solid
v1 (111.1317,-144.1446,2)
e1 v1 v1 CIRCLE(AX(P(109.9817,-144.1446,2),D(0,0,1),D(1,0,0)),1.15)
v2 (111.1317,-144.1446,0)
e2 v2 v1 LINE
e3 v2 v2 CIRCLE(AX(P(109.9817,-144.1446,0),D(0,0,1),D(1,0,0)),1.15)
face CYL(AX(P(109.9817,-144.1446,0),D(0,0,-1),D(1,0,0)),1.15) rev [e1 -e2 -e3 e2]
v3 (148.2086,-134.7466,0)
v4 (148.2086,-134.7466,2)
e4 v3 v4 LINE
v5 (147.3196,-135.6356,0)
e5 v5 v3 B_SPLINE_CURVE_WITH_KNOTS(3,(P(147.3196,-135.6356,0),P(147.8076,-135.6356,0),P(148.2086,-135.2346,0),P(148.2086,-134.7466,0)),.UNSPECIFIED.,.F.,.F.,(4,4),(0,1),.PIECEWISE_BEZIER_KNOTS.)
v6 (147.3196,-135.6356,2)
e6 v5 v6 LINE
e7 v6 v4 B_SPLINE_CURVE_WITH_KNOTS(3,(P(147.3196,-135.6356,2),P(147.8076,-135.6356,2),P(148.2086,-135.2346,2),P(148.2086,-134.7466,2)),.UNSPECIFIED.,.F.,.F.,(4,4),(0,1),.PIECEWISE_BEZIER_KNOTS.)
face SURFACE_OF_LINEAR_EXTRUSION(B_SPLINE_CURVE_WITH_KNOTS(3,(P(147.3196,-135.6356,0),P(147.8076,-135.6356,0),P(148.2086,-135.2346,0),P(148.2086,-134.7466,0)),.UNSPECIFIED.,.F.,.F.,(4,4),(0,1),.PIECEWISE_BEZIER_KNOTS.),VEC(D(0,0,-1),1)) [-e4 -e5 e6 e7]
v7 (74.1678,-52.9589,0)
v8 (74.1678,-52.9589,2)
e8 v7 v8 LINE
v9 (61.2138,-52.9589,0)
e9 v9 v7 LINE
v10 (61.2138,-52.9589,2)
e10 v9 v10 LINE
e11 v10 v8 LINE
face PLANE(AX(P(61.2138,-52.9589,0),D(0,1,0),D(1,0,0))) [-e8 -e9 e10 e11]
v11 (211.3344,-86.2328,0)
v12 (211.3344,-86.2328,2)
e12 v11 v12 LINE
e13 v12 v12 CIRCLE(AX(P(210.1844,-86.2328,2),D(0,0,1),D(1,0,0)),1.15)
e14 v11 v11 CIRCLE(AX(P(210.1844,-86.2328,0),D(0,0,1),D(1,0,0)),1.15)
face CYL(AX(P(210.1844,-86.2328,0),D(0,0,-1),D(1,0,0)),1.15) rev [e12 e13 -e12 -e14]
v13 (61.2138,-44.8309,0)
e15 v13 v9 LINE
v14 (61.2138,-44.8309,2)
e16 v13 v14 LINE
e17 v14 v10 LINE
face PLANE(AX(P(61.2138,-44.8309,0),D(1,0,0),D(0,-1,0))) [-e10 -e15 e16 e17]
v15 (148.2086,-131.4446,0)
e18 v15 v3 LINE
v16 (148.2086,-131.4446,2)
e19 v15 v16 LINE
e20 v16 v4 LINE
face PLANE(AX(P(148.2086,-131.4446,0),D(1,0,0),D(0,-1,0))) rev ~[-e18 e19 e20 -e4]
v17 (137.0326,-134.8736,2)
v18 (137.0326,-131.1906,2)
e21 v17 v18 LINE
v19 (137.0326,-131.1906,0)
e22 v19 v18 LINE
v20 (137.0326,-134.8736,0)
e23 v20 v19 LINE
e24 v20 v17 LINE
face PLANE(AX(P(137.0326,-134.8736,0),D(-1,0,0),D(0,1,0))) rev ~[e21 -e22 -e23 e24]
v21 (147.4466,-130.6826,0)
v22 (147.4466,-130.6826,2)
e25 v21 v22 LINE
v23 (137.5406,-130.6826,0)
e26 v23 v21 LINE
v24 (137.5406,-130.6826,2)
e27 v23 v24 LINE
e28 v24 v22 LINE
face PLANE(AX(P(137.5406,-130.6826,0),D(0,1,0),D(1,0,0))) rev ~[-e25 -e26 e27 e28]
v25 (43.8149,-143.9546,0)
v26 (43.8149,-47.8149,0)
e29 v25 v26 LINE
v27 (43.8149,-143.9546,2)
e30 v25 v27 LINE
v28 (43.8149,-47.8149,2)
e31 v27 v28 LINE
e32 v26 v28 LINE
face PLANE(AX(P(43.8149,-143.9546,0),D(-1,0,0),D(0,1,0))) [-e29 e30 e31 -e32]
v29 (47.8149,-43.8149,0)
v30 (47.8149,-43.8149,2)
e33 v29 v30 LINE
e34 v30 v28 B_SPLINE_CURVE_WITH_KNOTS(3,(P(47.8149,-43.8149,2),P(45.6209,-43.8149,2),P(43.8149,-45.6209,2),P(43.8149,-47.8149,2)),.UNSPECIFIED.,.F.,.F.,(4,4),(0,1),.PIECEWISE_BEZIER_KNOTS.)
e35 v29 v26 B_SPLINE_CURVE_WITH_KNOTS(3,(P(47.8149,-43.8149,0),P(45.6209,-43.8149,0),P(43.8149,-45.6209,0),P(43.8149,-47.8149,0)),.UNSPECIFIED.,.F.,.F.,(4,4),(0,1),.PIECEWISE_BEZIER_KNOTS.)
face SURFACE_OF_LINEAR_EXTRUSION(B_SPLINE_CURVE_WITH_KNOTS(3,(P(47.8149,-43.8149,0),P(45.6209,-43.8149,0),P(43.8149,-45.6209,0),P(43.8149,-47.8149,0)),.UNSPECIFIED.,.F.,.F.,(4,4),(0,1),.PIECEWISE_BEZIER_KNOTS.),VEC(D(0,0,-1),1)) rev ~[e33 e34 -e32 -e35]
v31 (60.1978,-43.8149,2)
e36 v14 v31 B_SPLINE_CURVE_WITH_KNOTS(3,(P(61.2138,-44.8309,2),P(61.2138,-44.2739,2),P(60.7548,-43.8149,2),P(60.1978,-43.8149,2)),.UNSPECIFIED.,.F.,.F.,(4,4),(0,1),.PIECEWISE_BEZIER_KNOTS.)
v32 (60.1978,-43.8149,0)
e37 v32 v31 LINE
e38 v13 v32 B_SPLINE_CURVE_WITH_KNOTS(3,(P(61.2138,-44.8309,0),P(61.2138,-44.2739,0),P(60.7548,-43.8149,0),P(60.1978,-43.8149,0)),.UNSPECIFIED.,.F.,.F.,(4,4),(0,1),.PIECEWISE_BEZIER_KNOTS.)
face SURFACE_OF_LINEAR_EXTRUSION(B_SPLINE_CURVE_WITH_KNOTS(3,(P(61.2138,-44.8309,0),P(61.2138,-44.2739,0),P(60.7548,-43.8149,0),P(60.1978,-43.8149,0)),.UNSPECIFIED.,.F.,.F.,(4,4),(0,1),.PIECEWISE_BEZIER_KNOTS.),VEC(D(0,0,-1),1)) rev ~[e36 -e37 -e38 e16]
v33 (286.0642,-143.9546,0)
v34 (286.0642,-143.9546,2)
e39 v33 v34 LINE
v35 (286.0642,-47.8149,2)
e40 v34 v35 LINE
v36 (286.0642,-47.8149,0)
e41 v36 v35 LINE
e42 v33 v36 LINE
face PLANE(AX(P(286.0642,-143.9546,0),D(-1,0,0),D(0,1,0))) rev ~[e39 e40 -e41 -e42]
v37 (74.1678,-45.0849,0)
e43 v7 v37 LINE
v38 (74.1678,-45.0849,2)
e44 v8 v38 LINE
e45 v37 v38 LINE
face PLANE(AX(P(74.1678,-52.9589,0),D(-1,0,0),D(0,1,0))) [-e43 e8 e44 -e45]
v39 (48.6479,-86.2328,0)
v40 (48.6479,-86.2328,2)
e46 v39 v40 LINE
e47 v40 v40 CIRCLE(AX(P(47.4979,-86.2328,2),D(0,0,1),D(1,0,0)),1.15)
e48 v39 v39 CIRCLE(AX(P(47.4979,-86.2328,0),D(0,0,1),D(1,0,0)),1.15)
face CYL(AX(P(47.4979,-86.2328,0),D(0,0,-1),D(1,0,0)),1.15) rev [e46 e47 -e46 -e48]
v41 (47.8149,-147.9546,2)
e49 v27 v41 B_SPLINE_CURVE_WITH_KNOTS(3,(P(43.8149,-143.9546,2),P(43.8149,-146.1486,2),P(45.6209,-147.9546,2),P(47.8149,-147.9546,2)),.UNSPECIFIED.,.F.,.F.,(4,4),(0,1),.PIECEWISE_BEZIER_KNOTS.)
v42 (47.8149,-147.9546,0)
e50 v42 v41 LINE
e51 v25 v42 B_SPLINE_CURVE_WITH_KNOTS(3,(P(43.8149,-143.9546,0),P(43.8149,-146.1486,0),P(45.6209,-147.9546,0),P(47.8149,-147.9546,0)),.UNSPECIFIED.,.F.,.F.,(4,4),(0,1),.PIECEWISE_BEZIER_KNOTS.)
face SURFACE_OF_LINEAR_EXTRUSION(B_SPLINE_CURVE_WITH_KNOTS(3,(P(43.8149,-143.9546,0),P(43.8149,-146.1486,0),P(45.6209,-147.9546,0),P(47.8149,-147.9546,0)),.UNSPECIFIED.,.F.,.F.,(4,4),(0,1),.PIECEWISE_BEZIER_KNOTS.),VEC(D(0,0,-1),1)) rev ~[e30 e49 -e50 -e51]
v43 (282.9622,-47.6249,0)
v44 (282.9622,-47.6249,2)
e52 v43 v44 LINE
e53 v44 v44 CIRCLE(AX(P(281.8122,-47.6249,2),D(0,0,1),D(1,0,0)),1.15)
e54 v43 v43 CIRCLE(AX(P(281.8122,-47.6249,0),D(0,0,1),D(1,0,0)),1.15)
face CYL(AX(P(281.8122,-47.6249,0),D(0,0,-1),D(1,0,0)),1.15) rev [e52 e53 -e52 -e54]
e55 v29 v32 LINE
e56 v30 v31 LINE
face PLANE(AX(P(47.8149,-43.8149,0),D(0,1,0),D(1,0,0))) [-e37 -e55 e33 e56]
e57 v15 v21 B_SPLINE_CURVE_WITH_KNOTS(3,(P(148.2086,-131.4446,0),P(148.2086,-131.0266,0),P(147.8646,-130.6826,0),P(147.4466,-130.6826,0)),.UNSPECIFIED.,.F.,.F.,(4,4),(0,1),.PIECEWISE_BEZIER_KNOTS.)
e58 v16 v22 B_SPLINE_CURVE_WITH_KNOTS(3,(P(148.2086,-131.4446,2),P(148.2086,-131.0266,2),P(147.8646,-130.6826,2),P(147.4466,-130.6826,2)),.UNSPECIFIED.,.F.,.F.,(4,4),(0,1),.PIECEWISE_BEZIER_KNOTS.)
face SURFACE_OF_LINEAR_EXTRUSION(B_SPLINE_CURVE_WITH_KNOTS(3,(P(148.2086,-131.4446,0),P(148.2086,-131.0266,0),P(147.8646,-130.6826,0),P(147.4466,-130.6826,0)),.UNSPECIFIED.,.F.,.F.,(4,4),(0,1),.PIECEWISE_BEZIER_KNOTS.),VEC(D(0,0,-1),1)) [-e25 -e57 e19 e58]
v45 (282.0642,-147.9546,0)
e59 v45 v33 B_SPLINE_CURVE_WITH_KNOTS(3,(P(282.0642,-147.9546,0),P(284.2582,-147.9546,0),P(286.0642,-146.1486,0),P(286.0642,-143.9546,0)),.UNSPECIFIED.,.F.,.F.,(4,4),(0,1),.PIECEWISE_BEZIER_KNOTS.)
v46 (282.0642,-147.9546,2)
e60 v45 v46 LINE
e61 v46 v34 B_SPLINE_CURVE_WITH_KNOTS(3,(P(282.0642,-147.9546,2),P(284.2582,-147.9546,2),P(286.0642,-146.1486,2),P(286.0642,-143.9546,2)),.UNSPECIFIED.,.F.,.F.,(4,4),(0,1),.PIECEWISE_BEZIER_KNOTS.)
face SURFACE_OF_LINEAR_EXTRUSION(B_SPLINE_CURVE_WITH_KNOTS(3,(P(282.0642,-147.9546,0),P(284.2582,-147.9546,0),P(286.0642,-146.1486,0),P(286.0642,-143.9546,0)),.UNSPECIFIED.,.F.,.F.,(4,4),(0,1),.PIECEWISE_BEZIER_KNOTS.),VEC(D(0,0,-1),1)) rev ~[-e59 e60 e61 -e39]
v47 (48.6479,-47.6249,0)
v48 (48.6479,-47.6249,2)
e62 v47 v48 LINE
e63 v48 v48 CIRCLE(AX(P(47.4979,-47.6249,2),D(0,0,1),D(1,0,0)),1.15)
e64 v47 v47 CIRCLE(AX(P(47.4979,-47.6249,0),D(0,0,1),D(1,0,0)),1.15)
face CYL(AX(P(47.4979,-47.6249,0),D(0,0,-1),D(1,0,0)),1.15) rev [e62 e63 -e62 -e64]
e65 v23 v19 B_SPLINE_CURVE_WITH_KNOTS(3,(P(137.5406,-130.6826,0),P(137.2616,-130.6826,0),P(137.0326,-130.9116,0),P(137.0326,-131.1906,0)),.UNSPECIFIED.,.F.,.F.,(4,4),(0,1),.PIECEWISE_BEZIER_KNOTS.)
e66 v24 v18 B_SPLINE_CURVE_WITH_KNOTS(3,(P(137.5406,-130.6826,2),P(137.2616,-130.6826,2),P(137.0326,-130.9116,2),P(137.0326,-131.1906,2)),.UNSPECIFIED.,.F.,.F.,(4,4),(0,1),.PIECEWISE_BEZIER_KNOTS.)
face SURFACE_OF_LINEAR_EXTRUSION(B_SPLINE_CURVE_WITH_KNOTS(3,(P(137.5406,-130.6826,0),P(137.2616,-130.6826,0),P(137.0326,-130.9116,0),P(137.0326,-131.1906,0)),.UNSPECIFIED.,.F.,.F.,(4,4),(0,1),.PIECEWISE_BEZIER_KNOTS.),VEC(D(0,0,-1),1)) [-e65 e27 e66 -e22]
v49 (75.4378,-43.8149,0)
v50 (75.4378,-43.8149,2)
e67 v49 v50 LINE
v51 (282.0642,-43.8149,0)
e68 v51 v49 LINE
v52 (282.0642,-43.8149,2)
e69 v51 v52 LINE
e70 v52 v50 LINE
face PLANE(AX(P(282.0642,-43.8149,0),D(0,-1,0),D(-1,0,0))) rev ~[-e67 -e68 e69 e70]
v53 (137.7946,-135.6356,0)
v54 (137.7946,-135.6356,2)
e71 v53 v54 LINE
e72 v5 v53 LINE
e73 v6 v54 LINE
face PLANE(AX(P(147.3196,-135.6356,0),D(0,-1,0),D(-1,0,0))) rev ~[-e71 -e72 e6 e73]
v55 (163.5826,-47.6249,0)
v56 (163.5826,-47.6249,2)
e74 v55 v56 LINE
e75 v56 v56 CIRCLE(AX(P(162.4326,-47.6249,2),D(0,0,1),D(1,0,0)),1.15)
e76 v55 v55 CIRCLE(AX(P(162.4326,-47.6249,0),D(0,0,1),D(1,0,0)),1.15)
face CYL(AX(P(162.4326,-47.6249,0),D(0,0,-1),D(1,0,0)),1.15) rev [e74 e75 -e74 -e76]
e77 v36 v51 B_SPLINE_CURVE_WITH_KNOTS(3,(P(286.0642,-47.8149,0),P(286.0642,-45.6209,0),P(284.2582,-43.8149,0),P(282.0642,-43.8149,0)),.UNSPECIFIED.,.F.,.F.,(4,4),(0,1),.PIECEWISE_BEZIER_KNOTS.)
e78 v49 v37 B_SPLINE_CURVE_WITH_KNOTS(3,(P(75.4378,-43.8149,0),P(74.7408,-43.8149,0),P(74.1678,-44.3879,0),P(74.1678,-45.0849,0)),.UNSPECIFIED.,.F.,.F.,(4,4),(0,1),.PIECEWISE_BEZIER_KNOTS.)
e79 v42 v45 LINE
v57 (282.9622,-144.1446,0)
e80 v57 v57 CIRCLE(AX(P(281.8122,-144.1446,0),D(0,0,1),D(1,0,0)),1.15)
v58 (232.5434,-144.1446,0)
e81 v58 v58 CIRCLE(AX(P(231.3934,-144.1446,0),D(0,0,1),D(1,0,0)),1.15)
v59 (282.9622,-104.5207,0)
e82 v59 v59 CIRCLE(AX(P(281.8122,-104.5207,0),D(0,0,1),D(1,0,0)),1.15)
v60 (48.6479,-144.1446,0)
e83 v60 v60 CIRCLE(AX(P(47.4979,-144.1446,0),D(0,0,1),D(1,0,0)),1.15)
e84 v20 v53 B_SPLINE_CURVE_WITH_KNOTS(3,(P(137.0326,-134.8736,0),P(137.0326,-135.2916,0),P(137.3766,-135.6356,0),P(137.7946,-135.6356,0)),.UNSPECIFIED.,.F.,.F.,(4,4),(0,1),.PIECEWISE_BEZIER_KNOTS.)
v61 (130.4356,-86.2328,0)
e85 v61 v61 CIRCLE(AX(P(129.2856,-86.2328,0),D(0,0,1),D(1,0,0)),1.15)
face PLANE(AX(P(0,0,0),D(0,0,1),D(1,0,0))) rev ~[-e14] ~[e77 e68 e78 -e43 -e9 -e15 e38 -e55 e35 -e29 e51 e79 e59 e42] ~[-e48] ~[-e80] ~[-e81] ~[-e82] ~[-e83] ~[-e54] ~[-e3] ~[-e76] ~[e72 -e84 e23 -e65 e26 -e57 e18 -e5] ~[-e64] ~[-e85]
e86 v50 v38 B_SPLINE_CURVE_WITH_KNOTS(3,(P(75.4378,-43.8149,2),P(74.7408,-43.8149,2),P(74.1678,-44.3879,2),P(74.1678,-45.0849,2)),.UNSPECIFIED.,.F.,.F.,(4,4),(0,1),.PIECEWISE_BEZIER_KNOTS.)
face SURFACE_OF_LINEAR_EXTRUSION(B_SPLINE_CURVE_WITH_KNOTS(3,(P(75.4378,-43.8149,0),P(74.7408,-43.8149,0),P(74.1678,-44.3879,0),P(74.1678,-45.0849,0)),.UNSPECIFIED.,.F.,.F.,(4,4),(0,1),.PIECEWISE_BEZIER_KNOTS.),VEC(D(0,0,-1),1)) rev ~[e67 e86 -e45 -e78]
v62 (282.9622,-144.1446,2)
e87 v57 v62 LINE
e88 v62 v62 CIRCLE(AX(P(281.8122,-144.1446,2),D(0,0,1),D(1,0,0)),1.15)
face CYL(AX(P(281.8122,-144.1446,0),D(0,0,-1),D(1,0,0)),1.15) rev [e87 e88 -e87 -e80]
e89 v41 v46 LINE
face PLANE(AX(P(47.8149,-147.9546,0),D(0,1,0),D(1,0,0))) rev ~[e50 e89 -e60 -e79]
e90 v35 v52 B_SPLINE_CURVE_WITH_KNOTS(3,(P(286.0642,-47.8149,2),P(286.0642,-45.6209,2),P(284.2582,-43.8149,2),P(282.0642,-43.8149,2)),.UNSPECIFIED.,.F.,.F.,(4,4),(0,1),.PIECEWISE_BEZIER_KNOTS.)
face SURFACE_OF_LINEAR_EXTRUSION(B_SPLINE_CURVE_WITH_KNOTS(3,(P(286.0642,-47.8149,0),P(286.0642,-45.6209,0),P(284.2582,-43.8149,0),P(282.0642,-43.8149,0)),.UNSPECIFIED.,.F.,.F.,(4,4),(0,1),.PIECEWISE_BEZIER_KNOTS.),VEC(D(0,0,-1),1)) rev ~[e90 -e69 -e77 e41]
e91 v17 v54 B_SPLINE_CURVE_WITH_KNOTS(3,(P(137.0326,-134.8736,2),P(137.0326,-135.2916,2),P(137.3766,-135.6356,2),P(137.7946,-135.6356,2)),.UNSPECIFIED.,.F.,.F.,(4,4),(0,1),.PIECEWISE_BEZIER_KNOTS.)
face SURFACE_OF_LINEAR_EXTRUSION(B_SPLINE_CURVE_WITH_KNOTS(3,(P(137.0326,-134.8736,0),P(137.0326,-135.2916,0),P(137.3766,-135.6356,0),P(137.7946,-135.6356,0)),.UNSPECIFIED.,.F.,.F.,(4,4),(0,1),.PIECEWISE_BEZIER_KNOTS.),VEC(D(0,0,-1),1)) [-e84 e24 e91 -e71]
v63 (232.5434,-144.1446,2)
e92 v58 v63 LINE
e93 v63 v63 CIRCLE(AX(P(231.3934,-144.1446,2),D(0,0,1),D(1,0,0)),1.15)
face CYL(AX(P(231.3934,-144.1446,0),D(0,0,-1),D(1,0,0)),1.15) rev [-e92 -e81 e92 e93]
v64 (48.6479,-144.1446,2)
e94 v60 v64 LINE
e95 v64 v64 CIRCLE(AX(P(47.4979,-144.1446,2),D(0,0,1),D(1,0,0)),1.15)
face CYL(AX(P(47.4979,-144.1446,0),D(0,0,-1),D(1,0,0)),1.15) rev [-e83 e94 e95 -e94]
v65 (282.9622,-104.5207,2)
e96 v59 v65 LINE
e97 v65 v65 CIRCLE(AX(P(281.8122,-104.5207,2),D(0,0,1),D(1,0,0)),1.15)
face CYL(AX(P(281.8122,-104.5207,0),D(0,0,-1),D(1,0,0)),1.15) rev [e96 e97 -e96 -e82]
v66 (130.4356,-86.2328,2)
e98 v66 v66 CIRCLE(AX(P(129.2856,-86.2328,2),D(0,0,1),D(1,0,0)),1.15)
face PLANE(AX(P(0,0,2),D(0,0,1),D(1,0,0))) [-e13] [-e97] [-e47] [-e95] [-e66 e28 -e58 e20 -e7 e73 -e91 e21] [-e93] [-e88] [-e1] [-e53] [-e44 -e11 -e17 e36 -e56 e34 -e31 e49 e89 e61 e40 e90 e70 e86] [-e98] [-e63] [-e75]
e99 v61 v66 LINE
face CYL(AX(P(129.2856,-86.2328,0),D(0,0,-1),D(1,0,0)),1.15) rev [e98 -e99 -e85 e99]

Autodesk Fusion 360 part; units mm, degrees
sketch "スケッチ1" plane through (0, 0, 0) normal (0, 0, 1) x (1, 0, 0)
  spline S0 degree 3 poles (61.2138, -44.8309) (61.2138, -44.2739) (60.7548, -43.8149) (60.1978, -43.8149) knots 0 0 0 0 1 1 1 1
  line L0 (147.3196, -135.6356) -> (137.7946, -135.6356)
  spline S1 degree 3 poles (137.0326, -134.8736) (137.0326, -135.2916) (137.3766, -135.6356) (137.7946, -135.6356) knots 0 0 0 0 1 1 1 1
  line L1 (47.8149, -147.9546) -> (282.0642, -147.9546)
  line L2 (61.2138, -52.9589) -> (74.1678, -52.9589)
  spline S2 degree 3 poles (75.4378, -43.8149) (74.7408, -43.8149) (74.1678, -44.3879) (74.1678, -45.0849) knots 0 0 0 0 1 1 1 1
  spline S3 degree 3 poles (148.2086, -131.4446) (148.2086, -131.0266) (147.8646, -130.6826) (147.4466, -130.6826) knots 0 0 0 0 1 1 1 1
  spline S4 degree 3 poles (47.8149, -43.8149) (45.6209, -43.8149) (43.8149, -45.6209) (43.8149, -47.8149) knots 0 0 0 0 1 1 1 1
  spline S5 degree 3 poles (137.5406, -130.6826) (137.2616, -130.6826) (137.0326, -130.9116) (137.0326, -131.1906) knots 0 0 0 0 1 1 1 1
  line L3 (148.2086, -131.4446) -> (148.2086, -134.7466)
  spline S6 degree 3 poles (286.0642, -47.8149) (286.0642, -45.6209) (284.2582, -43.8149) (282.0642, -43.8149) knots 0 0 0 0 1 1 1 1
  line L4 (74.1678, -52.9589) -> (74.1678, -45.0849)
  line L5 (43.8149, -143.9546) -> (43.8149, -47.8149)
  spline S7 degree 3 poles (147.3196, -135.6356) (147.8076, -135.6356) (148.2086, -135.2346) (148.2086, -134.7466) knots 0 0 0 0 1 1 1 1
  spline S8 degree 3 poles (43.8149, -143.9546) (43.8149, -146.1486) (45.6209, -147.9546) (47.8149, -147.9546) knots 0 0 0 0 1 1 1 1
  line L6 (61.2138, -44.8309) -> (61.2138, -52.9589)
  line L7 (137.5406, -130.6826) -> (147.4466, -130.6826)
  line L8 (286.0642, -143.9546) -> (286.0642, -47.8149)
  line L9 (47.8149, -43.8149) -> (60.1978, -43.8149)
  spline S9 degree 3 poles (282.0642, -147.9546) (284.2582, -147.9546) (286.0642, -146.1486) (286.0642, -143.9546) knots 0 0 0 0 1 1 1 1
  line L10 (137.0326, -134.8736) -> (137.0326, -131.1906)
  line L11 (282.0642, -43.8149) -> (75.4378, -43.8149)
  circle A0 centre (47.4979, -47.6249) radius 1.15
  circle A1 centre (231.3934, -144.1446) radius 1.15
  circle A2 centre (281.8122, -47.6249) radius 1.15
  circle A3 centre (109.9817, -144.1446) radius 1.15
  circle A4 centre (47.4979, -86.2328) radius 1.15
  circle A5 centre (129.2856, -86.2328) radius 1.15
  circle A6 centre (210.1844, -86.2328) radius 1.15
  circle A7 centre (47.4979, -144.1446) radius 1.15
  circle A8 centre (281.8122, -104.5207) radius 1.15
  circle A9 centre (281.8122, -144.1446) radius 1.15
  circle A10 centre (162.4326, -47.6249) radius 1.15
  point P0 (48.6479, -47.6249)
  point P1 (232.5434, -144.1446)
  point P2 (282.9622, -47.6249)
  point P3 (111.1317, -144.1446)
  point P4 (48.6479, -86.2328)
  point P5 (130.4356, -86.2328)
  point P6 (211.3344, -86.2328)
  point P7 (48.6479, -144.1446)
  point P8 (282.9622, -104.5207)
  point P9 (282.9622, -144.1446)
  point P10 (163.5826, -47.6249)
extrude "押し出し1" add sketch "スケッチ1" along normal blind 2
